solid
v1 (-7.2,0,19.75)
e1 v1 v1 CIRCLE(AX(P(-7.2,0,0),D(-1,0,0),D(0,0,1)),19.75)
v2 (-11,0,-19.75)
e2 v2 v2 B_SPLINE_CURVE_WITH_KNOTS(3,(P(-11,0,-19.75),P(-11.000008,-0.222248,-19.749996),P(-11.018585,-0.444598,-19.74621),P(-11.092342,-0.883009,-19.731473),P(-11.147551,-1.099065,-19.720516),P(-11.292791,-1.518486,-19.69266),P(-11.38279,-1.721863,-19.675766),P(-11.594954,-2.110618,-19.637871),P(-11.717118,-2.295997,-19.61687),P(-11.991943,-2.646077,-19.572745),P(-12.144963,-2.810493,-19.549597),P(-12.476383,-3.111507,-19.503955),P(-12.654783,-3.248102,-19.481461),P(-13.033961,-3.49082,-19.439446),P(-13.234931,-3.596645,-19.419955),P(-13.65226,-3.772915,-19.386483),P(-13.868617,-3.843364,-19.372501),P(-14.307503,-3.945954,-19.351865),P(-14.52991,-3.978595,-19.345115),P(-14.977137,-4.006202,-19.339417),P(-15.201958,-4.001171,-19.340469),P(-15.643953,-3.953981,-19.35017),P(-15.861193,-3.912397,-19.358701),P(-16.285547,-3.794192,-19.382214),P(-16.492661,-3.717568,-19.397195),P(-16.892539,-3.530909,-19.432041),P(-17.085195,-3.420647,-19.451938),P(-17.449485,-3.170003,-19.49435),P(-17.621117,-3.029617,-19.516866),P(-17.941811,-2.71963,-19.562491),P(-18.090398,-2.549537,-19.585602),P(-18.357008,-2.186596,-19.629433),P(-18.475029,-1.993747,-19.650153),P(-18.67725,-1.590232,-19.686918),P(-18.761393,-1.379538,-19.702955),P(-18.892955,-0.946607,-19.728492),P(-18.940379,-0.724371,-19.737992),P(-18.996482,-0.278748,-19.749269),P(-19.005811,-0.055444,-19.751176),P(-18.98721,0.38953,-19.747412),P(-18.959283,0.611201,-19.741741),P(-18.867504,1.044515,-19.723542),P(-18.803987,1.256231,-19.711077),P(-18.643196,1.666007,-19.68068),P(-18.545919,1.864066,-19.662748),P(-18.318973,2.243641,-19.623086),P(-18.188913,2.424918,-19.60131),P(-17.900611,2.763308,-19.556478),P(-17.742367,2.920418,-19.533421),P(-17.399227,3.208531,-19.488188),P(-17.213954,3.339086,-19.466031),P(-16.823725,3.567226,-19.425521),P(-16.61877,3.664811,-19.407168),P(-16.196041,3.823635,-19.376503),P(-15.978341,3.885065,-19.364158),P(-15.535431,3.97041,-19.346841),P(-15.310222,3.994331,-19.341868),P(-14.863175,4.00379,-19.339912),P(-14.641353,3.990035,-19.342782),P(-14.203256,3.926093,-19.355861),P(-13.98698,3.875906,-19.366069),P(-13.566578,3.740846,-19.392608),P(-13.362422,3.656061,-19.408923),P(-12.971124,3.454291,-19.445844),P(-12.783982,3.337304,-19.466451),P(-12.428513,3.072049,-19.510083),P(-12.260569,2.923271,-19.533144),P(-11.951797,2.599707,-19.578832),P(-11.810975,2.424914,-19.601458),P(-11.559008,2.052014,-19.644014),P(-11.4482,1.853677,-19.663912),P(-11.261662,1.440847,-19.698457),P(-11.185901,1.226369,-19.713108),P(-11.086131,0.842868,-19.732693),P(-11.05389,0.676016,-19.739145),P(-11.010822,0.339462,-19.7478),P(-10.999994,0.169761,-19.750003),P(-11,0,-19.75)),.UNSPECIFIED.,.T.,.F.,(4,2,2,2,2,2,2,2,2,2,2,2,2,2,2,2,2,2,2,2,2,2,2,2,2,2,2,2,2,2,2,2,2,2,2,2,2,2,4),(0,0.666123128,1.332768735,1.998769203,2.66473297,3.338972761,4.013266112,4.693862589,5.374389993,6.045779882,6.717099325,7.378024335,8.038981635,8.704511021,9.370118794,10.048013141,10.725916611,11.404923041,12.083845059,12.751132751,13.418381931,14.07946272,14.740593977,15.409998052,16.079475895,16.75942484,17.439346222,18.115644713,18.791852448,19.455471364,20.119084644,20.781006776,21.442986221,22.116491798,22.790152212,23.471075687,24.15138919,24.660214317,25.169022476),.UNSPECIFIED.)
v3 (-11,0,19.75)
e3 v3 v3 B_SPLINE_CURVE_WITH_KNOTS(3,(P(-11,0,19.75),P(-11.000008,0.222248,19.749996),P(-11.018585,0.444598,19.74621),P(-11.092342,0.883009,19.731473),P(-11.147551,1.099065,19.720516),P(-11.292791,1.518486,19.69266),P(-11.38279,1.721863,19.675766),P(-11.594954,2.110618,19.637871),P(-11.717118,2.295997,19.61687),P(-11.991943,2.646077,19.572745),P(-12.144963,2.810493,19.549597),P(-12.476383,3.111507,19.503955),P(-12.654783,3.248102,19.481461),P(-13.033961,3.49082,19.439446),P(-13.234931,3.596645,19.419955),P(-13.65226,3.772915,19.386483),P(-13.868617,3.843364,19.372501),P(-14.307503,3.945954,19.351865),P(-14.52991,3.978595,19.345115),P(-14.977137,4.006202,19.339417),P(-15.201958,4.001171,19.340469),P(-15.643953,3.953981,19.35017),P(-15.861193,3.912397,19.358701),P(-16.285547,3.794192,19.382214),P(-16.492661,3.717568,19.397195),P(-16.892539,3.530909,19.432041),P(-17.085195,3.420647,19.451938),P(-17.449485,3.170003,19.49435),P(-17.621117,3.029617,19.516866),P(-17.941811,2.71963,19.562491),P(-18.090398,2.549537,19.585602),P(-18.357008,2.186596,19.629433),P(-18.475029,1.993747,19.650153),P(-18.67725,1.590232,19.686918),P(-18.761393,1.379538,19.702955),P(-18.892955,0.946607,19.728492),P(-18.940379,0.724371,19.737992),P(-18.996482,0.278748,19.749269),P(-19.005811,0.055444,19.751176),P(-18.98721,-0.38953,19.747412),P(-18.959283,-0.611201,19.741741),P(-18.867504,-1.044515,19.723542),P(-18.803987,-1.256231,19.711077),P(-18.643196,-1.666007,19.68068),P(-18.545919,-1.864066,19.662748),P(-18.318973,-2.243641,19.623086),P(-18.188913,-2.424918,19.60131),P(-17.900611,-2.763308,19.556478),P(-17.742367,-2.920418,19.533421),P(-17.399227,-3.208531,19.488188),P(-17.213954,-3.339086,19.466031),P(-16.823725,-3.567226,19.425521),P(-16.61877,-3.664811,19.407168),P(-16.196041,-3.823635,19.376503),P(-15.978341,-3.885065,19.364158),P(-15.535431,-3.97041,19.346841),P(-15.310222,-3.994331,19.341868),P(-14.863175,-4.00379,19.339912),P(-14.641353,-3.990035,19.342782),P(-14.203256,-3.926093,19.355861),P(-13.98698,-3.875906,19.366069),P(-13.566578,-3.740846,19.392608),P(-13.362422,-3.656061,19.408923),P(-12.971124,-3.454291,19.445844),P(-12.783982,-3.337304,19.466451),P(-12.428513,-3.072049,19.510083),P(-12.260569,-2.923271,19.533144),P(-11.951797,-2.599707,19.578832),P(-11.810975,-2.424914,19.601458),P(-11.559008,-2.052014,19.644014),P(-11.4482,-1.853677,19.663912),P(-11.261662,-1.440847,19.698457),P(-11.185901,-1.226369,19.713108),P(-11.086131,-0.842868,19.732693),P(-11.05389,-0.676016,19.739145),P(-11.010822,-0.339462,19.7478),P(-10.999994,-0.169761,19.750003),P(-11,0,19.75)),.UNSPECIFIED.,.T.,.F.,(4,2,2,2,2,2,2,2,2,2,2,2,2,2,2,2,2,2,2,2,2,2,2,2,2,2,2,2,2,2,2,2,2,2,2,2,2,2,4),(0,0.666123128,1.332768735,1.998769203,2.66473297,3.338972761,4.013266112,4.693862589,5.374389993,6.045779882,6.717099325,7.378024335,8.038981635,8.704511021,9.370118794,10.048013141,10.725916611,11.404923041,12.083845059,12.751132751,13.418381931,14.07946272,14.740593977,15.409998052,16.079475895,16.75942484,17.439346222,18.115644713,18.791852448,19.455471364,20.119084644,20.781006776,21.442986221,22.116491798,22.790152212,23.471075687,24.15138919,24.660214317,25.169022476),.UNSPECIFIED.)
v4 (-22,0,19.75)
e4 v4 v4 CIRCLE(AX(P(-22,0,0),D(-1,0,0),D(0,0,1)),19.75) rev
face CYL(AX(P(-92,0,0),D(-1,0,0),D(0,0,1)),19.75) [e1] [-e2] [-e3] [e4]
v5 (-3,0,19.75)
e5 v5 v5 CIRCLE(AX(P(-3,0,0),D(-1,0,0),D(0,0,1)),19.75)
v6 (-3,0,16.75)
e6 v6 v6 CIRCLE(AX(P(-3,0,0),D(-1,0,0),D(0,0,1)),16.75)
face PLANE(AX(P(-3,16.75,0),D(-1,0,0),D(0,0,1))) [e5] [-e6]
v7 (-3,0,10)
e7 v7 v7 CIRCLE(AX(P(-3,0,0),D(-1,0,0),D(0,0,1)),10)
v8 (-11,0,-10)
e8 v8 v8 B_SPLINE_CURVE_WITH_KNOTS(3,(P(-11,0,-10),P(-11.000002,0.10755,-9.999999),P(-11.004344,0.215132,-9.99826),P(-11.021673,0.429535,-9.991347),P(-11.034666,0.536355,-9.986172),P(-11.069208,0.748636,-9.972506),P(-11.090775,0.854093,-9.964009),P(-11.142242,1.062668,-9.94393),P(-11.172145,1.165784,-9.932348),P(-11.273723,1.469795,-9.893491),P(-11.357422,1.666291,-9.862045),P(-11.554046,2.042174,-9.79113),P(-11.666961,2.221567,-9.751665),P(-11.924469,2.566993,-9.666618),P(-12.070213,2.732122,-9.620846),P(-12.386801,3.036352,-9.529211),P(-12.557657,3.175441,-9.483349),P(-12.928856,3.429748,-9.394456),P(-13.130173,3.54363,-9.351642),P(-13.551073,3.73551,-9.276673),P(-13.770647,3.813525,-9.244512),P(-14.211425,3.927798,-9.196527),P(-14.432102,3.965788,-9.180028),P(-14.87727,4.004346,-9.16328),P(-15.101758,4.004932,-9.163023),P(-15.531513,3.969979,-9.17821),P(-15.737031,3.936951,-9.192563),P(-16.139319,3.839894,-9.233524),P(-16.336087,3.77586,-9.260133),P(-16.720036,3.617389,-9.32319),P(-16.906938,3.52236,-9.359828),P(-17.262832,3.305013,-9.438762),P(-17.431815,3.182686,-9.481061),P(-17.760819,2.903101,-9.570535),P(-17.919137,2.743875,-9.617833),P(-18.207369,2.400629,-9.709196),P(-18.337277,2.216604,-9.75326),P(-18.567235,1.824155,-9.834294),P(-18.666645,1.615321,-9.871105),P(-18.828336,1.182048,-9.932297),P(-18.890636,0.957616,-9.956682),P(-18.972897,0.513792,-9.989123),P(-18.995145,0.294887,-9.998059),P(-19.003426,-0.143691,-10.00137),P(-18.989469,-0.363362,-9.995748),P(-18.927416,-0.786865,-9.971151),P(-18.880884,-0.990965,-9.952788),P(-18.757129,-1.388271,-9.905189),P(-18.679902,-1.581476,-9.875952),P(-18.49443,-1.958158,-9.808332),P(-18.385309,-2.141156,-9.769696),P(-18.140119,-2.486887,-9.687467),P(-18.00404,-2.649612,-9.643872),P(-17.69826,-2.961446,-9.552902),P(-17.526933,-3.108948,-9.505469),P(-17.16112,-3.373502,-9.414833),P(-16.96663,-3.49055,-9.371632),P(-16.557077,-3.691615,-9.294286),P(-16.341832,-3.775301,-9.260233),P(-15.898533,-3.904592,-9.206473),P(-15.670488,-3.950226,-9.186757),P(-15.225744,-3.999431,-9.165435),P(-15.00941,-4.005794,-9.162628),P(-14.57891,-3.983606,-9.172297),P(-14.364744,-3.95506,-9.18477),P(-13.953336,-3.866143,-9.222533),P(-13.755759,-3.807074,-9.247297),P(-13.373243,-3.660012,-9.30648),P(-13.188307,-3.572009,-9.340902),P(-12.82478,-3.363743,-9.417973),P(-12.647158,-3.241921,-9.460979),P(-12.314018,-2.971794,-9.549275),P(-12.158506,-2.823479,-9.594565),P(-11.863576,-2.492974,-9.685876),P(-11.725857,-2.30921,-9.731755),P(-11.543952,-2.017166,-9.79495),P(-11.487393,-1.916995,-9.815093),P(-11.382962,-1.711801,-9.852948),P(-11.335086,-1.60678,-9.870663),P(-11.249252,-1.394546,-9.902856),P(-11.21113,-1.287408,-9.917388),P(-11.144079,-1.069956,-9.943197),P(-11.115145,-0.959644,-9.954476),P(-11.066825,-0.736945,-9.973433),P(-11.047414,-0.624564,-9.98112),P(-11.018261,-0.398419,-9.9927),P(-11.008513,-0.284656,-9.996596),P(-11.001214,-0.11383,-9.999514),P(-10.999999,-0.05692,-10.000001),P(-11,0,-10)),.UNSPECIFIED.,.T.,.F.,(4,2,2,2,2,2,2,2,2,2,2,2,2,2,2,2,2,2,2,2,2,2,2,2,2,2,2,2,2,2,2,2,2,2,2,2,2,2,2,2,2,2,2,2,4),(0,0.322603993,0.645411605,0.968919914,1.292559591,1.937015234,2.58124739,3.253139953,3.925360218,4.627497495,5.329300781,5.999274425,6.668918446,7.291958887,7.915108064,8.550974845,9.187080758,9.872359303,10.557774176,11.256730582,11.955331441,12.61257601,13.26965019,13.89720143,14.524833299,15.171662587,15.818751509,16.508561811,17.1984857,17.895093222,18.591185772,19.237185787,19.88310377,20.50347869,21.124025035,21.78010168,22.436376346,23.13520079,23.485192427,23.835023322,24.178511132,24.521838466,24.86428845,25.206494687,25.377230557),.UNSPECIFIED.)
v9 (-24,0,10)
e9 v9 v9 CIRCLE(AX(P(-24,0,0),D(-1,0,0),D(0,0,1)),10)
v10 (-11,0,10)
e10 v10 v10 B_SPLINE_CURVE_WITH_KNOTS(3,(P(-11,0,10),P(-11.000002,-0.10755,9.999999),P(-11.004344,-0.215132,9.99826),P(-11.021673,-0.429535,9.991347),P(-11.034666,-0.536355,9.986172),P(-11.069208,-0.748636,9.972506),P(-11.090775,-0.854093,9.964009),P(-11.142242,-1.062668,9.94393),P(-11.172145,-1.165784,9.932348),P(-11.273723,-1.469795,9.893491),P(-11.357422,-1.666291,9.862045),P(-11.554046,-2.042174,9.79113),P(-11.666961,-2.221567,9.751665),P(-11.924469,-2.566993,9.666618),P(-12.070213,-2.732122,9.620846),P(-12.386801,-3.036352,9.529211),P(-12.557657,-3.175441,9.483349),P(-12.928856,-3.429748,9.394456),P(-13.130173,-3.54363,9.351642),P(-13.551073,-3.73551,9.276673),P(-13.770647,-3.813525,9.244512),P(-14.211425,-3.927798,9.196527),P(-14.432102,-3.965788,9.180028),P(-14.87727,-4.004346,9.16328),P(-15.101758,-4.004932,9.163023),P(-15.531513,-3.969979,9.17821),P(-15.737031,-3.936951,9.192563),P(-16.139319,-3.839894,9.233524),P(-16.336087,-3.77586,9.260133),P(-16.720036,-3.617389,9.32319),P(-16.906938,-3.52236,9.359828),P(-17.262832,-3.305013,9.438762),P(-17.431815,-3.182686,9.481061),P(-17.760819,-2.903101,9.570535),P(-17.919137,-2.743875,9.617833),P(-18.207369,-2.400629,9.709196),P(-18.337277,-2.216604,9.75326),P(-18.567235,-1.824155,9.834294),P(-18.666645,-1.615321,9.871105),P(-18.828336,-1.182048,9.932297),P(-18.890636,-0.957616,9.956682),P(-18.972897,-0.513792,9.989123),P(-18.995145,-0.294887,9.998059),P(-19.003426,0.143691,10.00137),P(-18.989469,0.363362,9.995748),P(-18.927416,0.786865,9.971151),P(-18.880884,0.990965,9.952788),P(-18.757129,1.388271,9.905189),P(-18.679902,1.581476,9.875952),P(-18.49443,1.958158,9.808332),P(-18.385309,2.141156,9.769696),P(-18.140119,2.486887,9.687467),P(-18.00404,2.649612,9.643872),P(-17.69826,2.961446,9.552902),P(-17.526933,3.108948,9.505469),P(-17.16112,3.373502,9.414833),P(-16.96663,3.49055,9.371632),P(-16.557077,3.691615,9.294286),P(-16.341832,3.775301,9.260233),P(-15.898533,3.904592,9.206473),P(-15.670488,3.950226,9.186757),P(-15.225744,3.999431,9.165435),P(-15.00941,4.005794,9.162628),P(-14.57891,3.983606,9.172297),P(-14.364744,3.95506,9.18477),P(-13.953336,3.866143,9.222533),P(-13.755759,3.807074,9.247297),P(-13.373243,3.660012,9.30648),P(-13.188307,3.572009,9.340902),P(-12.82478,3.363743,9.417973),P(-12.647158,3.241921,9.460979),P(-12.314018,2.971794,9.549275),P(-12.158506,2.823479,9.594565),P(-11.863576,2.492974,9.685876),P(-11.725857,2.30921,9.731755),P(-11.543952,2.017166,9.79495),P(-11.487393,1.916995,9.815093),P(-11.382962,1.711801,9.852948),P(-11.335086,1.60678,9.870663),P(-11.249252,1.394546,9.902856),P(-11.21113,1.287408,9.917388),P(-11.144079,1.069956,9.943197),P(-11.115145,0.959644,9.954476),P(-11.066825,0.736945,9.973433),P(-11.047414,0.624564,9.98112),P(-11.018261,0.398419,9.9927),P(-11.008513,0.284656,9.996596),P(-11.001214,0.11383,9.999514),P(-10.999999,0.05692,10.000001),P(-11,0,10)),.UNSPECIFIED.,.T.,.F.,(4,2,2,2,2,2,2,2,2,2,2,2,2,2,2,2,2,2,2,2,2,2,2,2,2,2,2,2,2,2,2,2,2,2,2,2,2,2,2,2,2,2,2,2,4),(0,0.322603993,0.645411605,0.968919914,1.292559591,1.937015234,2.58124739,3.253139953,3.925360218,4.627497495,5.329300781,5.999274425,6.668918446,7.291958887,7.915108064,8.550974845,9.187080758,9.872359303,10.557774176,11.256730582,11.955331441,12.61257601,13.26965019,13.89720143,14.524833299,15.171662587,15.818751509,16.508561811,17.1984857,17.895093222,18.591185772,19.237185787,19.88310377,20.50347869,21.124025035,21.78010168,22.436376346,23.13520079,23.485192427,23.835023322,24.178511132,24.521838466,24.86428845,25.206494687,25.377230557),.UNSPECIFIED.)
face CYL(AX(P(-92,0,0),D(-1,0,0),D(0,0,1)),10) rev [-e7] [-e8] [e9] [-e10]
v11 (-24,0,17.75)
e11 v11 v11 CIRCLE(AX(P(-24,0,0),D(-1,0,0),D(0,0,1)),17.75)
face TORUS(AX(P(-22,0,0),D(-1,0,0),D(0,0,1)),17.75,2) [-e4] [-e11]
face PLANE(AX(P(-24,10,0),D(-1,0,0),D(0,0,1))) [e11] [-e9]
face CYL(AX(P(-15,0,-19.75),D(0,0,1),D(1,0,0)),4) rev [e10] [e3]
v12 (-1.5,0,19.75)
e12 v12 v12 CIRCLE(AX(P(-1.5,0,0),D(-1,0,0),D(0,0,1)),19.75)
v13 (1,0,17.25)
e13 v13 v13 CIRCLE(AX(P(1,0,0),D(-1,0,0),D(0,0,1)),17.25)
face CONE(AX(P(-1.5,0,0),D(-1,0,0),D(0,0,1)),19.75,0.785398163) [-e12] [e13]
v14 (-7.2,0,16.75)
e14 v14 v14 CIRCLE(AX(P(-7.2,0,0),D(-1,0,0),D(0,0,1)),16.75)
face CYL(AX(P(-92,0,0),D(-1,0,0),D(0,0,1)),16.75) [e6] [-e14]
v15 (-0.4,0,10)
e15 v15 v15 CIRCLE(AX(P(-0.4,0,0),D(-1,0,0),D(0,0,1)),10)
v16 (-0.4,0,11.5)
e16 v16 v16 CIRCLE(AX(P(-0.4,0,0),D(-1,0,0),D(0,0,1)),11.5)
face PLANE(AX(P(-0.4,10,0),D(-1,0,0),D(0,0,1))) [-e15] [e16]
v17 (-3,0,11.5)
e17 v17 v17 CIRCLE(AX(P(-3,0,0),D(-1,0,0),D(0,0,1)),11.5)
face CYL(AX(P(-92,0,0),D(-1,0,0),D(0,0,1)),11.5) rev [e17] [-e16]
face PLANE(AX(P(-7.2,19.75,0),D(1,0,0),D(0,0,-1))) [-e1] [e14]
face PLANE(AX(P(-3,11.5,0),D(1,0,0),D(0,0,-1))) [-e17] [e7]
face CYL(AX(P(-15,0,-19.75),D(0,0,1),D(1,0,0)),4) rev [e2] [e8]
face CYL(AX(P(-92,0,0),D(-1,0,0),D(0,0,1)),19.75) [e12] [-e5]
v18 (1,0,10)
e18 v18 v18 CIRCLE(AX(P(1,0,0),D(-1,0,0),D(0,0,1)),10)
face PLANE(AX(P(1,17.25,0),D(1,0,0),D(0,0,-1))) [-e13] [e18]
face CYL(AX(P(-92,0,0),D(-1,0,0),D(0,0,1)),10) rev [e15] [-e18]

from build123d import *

# Parameters (mm, degrees)
ESQUISSE2_R                  = 4
ENL_V_MAT_EXTRU_1_DEPTH      = 20.75
ENL_V_MAT_EXTRU_1_DEPTH_BACK = 20.75
CONG_2_R                     = 2


with BuildPart() as part:
    # Esquisse1 → Base-Révolution (revolve)
    with BuildSketch(Plane.XY):
        Polygon((-24, 10), (-24, 19.75), (-7.2, 19.75), (-7.2, 16.75), (-3, 16.75), (-3, 19.75), (-1.5, 19.75), (1, 17.25), (1, 10), (-0.4, 10), (-0.4, 11.5), (-3, 11.5), (-3, 10), align=None)
    revolve(axis=Axis((-92, 0, 0), (1, 0, 0)))

    # Esquisse2 → Enlèv. mat.-Extru.1 (cut, two sides)
    with BuildSketch(Plane.XY) as enl_v_mat_extru_1_sk:
        with Locations((-15, 0)):
            Circle(ESQUISSE2_R)
    extrude(amount=ENL_V_MAT_EXTRU_1_DEPTH, mode=Mode.SUBTRACT)
    extrude(enl_v_mat_extru_1_sk.sketch, amount=-ENL_V_MAT_EXTRU_1_DEPTH_BACK, mode=Mode.SUBTRACT)

    # Congé2
    cong_2_edges = [part.edges().sort_by_distance(p)[0] for p in [
        (-24, -19.75, 0),
    ]]
    fillet(cong_2_edges, radius=CONG_2_R)


solid = part.part
